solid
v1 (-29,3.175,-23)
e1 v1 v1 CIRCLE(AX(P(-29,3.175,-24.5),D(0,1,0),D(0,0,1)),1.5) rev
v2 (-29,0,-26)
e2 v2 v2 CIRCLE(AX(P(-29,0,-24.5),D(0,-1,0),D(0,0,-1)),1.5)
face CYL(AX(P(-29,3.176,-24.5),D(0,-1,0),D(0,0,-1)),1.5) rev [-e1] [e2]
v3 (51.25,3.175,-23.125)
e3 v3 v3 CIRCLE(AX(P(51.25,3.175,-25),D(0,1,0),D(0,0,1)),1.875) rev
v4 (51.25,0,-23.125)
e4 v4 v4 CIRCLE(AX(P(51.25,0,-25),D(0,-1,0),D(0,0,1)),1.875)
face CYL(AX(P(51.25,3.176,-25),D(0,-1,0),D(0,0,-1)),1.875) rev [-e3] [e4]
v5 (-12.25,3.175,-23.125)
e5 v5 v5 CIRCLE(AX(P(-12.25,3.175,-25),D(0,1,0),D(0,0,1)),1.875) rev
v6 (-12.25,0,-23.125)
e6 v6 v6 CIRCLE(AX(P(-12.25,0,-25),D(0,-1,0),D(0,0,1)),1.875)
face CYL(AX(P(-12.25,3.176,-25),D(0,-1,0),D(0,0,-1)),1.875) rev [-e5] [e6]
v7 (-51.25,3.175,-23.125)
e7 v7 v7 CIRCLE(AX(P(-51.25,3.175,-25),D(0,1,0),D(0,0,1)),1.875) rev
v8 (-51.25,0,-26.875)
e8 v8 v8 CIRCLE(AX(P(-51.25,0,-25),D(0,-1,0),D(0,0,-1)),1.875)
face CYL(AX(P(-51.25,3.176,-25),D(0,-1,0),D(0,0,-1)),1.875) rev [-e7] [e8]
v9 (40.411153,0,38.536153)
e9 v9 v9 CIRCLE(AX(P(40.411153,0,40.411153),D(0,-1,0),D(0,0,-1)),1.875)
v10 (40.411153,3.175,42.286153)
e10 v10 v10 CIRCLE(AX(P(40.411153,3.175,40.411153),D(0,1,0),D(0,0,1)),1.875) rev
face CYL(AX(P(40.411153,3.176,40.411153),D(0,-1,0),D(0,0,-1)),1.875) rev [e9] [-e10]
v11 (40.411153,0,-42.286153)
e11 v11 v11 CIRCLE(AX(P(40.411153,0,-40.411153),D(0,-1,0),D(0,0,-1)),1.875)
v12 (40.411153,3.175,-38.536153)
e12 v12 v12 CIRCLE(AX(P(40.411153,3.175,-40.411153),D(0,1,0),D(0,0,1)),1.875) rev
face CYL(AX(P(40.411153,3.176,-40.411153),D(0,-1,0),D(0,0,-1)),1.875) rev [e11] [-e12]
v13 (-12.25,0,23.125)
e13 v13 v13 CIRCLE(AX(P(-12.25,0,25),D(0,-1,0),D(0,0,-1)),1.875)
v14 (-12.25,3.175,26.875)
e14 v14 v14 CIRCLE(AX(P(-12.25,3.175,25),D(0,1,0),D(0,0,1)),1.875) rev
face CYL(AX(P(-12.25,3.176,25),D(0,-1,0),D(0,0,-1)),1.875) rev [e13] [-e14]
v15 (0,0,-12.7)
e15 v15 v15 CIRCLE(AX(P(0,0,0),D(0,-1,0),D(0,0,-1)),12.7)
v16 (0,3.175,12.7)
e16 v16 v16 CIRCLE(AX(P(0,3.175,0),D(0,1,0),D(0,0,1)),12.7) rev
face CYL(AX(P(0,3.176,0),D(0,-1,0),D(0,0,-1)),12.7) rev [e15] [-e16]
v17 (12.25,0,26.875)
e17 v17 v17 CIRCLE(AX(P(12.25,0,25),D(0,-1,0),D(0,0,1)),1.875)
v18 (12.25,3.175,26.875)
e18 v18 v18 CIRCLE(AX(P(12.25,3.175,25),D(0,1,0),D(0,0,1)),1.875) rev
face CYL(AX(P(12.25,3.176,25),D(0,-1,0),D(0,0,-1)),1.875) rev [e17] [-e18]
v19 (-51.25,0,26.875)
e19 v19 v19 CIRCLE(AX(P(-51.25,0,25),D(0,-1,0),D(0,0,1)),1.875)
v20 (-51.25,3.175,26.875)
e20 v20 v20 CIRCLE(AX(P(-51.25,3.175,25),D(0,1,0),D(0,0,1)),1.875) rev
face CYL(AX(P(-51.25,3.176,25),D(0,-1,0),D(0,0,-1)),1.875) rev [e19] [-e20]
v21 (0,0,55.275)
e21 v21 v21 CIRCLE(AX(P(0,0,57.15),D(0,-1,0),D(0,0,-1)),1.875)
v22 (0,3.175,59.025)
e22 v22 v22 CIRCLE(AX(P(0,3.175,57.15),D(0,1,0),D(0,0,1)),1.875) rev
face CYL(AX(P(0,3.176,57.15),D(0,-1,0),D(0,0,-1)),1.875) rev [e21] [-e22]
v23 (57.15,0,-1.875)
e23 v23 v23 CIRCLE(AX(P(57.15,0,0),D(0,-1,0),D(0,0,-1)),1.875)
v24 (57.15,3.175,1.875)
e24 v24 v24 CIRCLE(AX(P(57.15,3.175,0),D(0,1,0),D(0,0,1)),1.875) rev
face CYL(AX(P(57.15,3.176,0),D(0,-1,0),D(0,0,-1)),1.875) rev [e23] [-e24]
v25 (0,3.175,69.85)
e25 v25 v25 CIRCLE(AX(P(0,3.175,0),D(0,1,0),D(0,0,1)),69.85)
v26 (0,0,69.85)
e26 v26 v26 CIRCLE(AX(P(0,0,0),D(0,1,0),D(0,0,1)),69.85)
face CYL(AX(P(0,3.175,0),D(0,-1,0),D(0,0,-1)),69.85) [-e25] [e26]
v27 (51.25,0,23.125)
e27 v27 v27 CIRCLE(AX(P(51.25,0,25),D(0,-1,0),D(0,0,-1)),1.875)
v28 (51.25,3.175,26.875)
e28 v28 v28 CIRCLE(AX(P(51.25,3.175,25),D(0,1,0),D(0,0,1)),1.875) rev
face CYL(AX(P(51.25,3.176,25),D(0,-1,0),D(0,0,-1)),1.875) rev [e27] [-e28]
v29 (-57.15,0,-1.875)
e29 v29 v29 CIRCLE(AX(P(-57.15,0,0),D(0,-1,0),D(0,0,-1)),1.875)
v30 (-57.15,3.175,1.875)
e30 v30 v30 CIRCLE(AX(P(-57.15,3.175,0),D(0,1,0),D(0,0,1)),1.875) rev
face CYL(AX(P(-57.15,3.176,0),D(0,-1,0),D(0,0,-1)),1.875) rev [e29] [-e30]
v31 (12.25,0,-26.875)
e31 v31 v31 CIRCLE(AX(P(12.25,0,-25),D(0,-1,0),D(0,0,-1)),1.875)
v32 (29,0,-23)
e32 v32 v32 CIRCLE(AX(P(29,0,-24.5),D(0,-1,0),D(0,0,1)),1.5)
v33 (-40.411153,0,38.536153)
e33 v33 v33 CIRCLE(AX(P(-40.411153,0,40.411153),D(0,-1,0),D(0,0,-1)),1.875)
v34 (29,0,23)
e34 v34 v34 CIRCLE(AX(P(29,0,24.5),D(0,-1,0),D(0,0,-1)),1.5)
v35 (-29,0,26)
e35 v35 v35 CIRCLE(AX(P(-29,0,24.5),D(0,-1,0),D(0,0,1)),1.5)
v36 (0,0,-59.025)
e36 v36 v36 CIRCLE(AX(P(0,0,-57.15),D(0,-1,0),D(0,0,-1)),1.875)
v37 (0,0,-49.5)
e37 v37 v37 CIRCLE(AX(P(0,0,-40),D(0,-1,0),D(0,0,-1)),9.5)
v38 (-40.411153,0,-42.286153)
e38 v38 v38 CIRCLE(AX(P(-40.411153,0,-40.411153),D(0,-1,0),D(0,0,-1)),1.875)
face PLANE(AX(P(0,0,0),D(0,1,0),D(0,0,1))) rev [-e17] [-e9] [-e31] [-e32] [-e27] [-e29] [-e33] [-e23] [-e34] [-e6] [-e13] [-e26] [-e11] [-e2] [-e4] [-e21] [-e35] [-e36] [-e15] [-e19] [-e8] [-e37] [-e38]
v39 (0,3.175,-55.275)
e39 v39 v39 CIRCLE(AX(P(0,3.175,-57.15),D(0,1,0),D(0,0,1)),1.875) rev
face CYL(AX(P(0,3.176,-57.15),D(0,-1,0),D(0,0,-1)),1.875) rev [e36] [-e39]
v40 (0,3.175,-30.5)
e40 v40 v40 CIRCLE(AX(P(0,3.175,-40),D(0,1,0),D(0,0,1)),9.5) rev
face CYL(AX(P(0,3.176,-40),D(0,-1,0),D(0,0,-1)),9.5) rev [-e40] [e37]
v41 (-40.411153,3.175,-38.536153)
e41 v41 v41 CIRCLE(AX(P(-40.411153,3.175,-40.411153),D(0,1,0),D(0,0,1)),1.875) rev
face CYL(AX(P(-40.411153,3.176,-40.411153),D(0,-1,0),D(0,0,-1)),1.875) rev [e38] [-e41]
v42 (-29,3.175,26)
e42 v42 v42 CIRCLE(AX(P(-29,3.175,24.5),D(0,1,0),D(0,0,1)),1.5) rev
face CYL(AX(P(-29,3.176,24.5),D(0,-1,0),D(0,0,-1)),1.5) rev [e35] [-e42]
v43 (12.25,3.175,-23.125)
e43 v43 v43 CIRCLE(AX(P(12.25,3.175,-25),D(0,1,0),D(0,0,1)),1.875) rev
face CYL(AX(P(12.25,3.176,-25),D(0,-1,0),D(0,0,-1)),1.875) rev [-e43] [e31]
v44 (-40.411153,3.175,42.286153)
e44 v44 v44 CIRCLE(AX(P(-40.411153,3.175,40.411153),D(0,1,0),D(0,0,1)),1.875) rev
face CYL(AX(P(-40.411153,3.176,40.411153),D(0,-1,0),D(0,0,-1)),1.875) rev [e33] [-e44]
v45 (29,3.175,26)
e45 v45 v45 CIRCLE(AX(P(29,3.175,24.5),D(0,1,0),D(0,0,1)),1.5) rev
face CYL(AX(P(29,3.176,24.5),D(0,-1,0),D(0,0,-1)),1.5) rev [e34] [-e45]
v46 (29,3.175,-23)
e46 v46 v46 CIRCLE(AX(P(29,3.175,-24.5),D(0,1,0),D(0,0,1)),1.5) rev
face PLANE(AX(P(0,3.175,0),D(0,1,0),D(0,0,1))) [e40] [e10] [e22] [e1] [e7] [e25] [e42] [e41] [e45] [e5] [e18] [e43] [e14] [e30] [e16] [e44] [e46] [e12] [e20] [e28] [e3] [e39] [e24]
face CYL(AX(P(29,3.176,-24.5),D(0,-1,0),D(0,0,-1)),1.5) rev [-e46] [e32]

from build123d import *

# Parameters (mm, degrees)
SKETCH1_R                 = 69.85
PLATE_DEPTH               = 3.175
PLATE_CENTER_HOLE_REACH   = 100.834
SKETCH2_R                 = 12.7
PLATE_THROUGH_HOLES_REACH = 100.834
SKETCH13_R                = 1.875
SKETCH13_R_2              = 1.5
SKETCH13_R_3              = 9.5


with BuildPart() as part:
    # Sketch1 → plate (new body)
    with BuildSketch(Plane(origin=(0, 0, 0), x_dir=(1, 0, 0), z_dir=(0, 1, 0))):
        with Locations(Location((0, 0, 0), (0, 0, 270))):
            Circle(SKETCH1_R)
    extrude(amount=PLATE_DEPTH)

    # Sketch2 → plate center hole (cut, up to next)
    with BuildSketch(Plane.XZ, mode=Mode.PRIVATE) as plate_center_hole_sk1:
        with Locations(Location((0, 0, 0), (0, 0, 270))):
            Circle(SKETCH2_R)
    plate_center_hole_tool1 = extrude(plate_center_hole_sk1.sketch, amount=-PLATE_CENTER_HOLE_REACH, mode=Mode.PRIVATE) & part.part
    add(plate_center_hole_tool1.solids().sort_by_distance((0, 0, 0))[0], mode=Mode.SUBTRACT)

    # Sketch13 → plate through holes (cut, up to next)
    with BuildSketch(Plane.XZ, mode=Mode.PRIVATE) as plate_through_holes_sk1:
        with Locations(Location((-12.25, 25, 0), (0, 0, 270))):
            Circle(SKETCH13_R)
    plate_through_holes_tool1 = extrude(plate_through_holes_sk1.sketch, amount=-PLATE_THROUGH_HOLES_REACH, mode=Mode.PRIVATE) & part.part
    # Sketch13 → plate through holes (cut, up to next)
    with BuildSketch(Plane.XZ, mode=Mode.PRIVATE) as plate_through_holes_sk2:
        with Locations(Location((-51.25, 25, 0), (0, 0, 90))):
            Circle(SKETCH13_R)
    plate_through_holes_tool2 = extrude(plate_through_holes_sk2.sketch, amount=-PLATE_THROUGH_HOLES_REACH, mode=Mode.PRIVATE) & part.part
    # Sketch13 → plate through holes (cut, up to next)
    with BuildSketch(Plane.XZ, mode=Mode.PRIVATE) as plate_through_holes_sk3:
        with Locations(Location((-51.25, -25, 0), (0, 0, 270))):
            Circle(SKETCH13_R)
    plate_through_holes_tool3 = extrude(plate_through_holes_sk3.sketch, amount=-PLATE_THROUGH_HOLES_REACH, mode=Mode.PRIVATE) & part.part
    # Sketch13 → plate through holes (cut, up to next)
    with BuildSketch(Plane.XZ, mode=Mode.PRIVATE) as plate_through_holes_sk4:
        with Locations(Location((-12.25, -25, 0), (0, 0, 90))):
            Circle(SKETCH13_R)
    plate_through_holes_tool4 = extrude(plate_through_holes_sk4.sketch, amount=-PLATE_THROUGH_HOLES_REACH, mode=Mode.PRIVATE) & part.part
    # Sketch13 → plate through holes (cut, up to next)
    with BuildSketch(Plane.XZ, mode=Mode.PRIVATE) as plate_through_holes_sk5:
        with Locations(Location((12.25, -25, 0), (0, 0, 270))):
            Circle(SKETCH13_R)
    plate_through_holes_tool5 = extrude(plate_through_holes_sk5.sketch, amount=-PLATE_THROUGH_HOLES_REACH, mode=Mode.PRIVATE) & part.part
    # Sketch13 → plate through holes (cut, up to next)
    with BuildSketch(Plane.XZ, mode=Mode.PRIVATE) as plate_through_holes_sk6:
        with Locations(Location((51.25, -25, 0), (0, 0, 90))):
            Circle(SKETCH13_R)
    plate_through_holes_tool6 = extrude(plate_through_holes_sk6.sketch, amount=-PLATE_THROUGH_HOLES_REACH, mode=Mode.PRIVATE) & part.part
    # Sketch13 → plate through holes (cut, up to next)
    with BuildSketch(Plane.XZ, mode=Mode.PRIVATE) as plate_through_holes_sk7:
        with Locations(Location((51.25, 25, 0), (0, 0, 270))):
            Circle(SKETCH13_R)
    plate_through_holes_tool7 = extrude(plate_through_holes_sk7.sketch, amount=-PLATE_THROUGH_HOLES_REACH, mode=Mode.PRIVATE) & part.part
    # Sketch13 → plate through holes (cut, up to next)
    with BuildSketch(Plane.XZ, mode=Mode.PRIVATE) as plate_through_holes_sk8:
        with Locations(Location((12.25, 25, 0), (0, 0, 90))):
            Circle(SKETCH13_R)
    plate_through_holes_tool8 = extrude(plate_through_holes_sk8.sketch, amount=-PLATE_THROUGH_HOLES_REACH, mode=Mode.PRIVATE) & part.part
    # Sketch13 → plate through holes (cut, up to next)
    with BuildSketch(Plane.XZ, mode=Mode.PRIVATE) as plate_through_holes_sk9:
        with Locations(Location((57.15, 0, 0), (0, 0, 270))):
            Circle(SKETCH13_R)
    plate_through_holes_tool9 = extrude(plate_through_holes_sk9.sketch, amount=-PLATE_THROUGH_HOLES_REACH, mode=Mode.PRIVATE) & part.part
    # Sketch13 → plate through holes (cut, up to next)
    with BuildSketch(Plane.XZ, mode=Mode.PRIVATE) as plate_through_holes_sk10:
        with Locations(Location((40.411152545, 40.411152545, 0), (0, 0, 270))):
            Circle(SKETCH13_R)
    plate_through_holes_tool10 = extrude(plate_through_holes_sk10.sketch, amount=-PLATE_THROUGH_HOLES_REACH, mode=Mode.PRIVATE) & part.part
    # Sketch13 → plate through holes (cut, up to next)
    with BuildSketch(Plane.XZ, mode=Mode.PRIVATE) as plate_through_holes_sk11:
        with Locations(Location((40.411152545, -40.411152545, 0), (0, 0, 270))):
            Circle(SKETCH13_R)
    plate_through_holes_tool11 = extrude(plate_through_holes_sk11.sketch, amount=-PLATE_THROUGH_HOLES_REACH, mode=Mode.PRIVATE) & part.part
    # Sketch13 → plate through holes (cut, up to next)
    with BuildSketch(Plane.XZ, mode=Mode.PRIVATE) as plate_through_holes_sk12:
        with Locations(Location((0, -57.15, 0), (0, 0, 270))):
            Circle(SKETCH13_R)
    plate_through_holes_tool12 = extrude(plate_through_holes_sk12.sketch, amount=-PLATE_THROUGH_HOLES_REACH, mode=Mode.PRIVATE) & part.part
    # Sketch13 → plate through holes (cut, up to next)
    with BuildSketch(Plane.XZ, mode=Mode.PRIVATE) as plate_through_holes_sk13:
        with Locations(Location((-40.411152545, -40.411152545, 0), (0, 0, 270))):
            Circle(SKETCH13_R)
    plate_through_holes_tool13 = extrude(plate_through_holes_sk13.sketch, amount=-PLATE_THROUGH_HOLES_REACH, mode=Mode.PRIVATE) & part.part
    # Sketch13 → plate through holes (cut, up to next)
    with BuildSketch(Plane.XZ, mode=Mode.PRIVATE) as plate_through_holes_sk14:
        with Locations(Location((-57.15, 0, 0), (0, 0, 270))):
            Circle(SKETCH13_R)
    plate_through_holes_tool14 = extrude(plate_through_holes_sk14.sketch, amount=-PLATE_THROUGH_HOLES_REACH, mode=Mode.PRIVATE) & part.part
    # Sketch13 → plate through holes (cut, up to next)
    with BuildSketch(Plane.XZ, mode=Mode.PRIVATE) as plate_through_holes_sk15:
        with Locations(Location((-40.411152545, 40.411152545, 0), (0, 0, 270))):
            Circle(SKETCH13_R)
    plate_through_holes_tool15 = extrude(plate_through_holes_sk15.sketch, amount=-PLATE_THROUGH_HOLES_REACH, mode=Mode.PRIVATE) & part.part
    # Sketch13 → plate through holes (cut, up to next)
    with BuildSketch(Plane.XZ, mode=Mode.PRIVATE) as plate_through_holes_sk16:
        with Locations(Location((0, 57.15, 0), (0, 0, 270))):
            Circle(SKETCH13_R)
    plate_through_holes_tool16 = extrude(plate_through_holes_sk16.sketch, amount=-PLATE_THROUGH_HOLES_REACH, mode=Mode.PRIVATE) & part.part
    # Sketch13 → plate through holes (cut, up to next)
    with BuildSketch(Plane.XZ, mode=Mode.PRIVATE) as plate_through_holes_sk17:
        with Locations(Location((-29, -24.5, 0), (0, 0, 270))):
            Circle(SKETCH13_R_2)
    plate_through_holes_tool17 = extrude(plate_through_holes_sk17.sketch, amount=-PLATE_THROUGH_HOLES_REACH, mode=Mode.PRIVATE) & part.part
    # Sketch13 → plate through holes (cut, up to next)
    with BuildSketch(Plane.XZ, mode=Mode.PRIVATE) as plate_through_holes_sk18:
        with Locations(Location((-29, 24.5, 0), (0, 0, 90))):
            Circle(SKETCH13_R_2)
    plate_through_holes_tool18 = extrude(plate_through_holes_sk18.sketch, amount=-PLATE_THROUGH_HOLES_REACH, mode=Mode.PRIVATE) & part.part
    # Sketch13 → plate through holes (cut, up to next)
    with BuildSketch(Plane.XZ, mode=Mode.PRIVATE) as plate_through_holes_sk19:
        with Locations(Location((29, 24.5, 0), (0, 0, 270))):
            Circle(SKETCH13_R_2)
    plate_through_holes_tool19 = extrude(plate_through_holes_sk19.sketch, amount=-PLATE_THROUGH_HOLES_REACH, mode=Mode.PRIVATE) & part.part
    # Sketch13 → plate through holes (cut, up to next)
    with BuildSketch(Plane.XZ, mode=Mode.PRIVATE) as plate_through_holes_sk20:
        with Locations(Location((29, -24.5, 0), (0, 0, 90))):
            Circle(SKETCH13_R_2)
    plate_through_holes_tool20 = extrude(plate_through_holes_sk20.sketch, amount=-PLATE_THROUGH_HOLES_REACH, mode=Mode.PRIVATE) & part.part
    # Sketch13 → plate through holes (cut, up to next)
    with BuildSketch(Plane.XZ, mode=Mode.PRIVATE) as plate_through_holes_sk21:
        with Locations(Location((0, -40, 0), (0, 0, 270))):
            Circle(SKETCH13_R_3)
    plate_through_holes_tool21 = extrude(plate_through_holes_sk21.sketch, amount=-PLATE_THROUGH_HOLES_REACH, mode=Mode.PRIVATE) & part.part
    add(plate_through_holes_tool1.solids().sort_by_distance((-12.25, 0, 25))[0], mode=Mode.SUBTRACT)
    add(plate_through_holes_tool2.solids().sort_by_distance((-51.25, 0, 25))[0], mode=Mode.SUBTRACT)
    add(plate_through_holes_tool3.solids().sort_by_distance((-51.25, 0, -25))[0], mode=Mode.SUBTRACT)
    add(plate_through_holes_tool4.solids().sort_by_distance((-12.25, 0, -25))[0], mode=Mode.SUBTRACT)
    add(plate_through_holes_tool5.solids().sort_by_distance((12.25, 0, -25))[0], mode=Mode.SUBTRACT)
    add(plate_through_holes_tool6.solids().sort_by_distance((51.25, 0, -25))[0], mode=Mode.SUBTRACT)
    add(plate_through_holes_tool7.solids().sort_by_distance((51.25, 0, 25))[0], mode=Mode.SUBTRACT)
    add(plate_through_holes_tool8.solids().sort_by_distance((12.25, 0, 25))[0], mode=Mode.SUBTRACT)
    add(plate_through_holes_tool9.solids().sort_by_distance((57.15, 0, 0))[0], mode=Mode.SUBTRACT)
    add(plate_through_holes_tool10.solids().sort_by_distance((40.411153, 0, 40.411153))[0], mode=Mode.SUBTRACT)
    add(plate_through_holes_tool11.solids().sort_by_distance((40.411153, 0, -40.411153))[0], mode=Mode.SUBTRACT)
    add(plate_through_holes_tool12.solids().sort_by_distance((0, 0, -57.15))[0], mode=Mode.SUBTRACT)
    add(plate_through_holes_tool13.solids().sort_by_distance((-40.411153, 0, -40.411153))[0], mode=Mode.SUBTRACT)
    add(plate_through_holes_tool14.solids().sort_by_distance((-57.15, 0, 0))[0], mode=Mode.SUBTRACT)
    add(plate_through_holes_tool15.solids().sort_by_distance((-40.411153, 0, 40.411153))[0], mode=Mode.SUBTRACT)
    add(plate_through_holes_tool16.solids().sort_by_distance((0, 0, 57.15))[0], mode=Mode.SUBTRACT)
    add(plate_through_holes_tool17.solids().sort_by_distance((-29, 0, -24.5))[0], mode=Mode.SUBTRACT)
    add(plate_through_holes_tool18.solids().sort_by_distance((-29, 0, 24.5))[0], mode=Mode.SUBTRACT)
    add(plate_through_holes_tool19.solids().sort_by_distance((29, 0, 24.5))[0], mode=Mode.SUBTRACT)
    add(plate_through_holes_tool20.solids().sort_by_distance((29, 0, -24.5))[0], mode=Mode.SUBTRACT)
    add(plate_through_holes_tool21.solids().sort_by_distance((0, 0, -40))[0], mode=Mode.SUBTRACT)


solid = part.part
